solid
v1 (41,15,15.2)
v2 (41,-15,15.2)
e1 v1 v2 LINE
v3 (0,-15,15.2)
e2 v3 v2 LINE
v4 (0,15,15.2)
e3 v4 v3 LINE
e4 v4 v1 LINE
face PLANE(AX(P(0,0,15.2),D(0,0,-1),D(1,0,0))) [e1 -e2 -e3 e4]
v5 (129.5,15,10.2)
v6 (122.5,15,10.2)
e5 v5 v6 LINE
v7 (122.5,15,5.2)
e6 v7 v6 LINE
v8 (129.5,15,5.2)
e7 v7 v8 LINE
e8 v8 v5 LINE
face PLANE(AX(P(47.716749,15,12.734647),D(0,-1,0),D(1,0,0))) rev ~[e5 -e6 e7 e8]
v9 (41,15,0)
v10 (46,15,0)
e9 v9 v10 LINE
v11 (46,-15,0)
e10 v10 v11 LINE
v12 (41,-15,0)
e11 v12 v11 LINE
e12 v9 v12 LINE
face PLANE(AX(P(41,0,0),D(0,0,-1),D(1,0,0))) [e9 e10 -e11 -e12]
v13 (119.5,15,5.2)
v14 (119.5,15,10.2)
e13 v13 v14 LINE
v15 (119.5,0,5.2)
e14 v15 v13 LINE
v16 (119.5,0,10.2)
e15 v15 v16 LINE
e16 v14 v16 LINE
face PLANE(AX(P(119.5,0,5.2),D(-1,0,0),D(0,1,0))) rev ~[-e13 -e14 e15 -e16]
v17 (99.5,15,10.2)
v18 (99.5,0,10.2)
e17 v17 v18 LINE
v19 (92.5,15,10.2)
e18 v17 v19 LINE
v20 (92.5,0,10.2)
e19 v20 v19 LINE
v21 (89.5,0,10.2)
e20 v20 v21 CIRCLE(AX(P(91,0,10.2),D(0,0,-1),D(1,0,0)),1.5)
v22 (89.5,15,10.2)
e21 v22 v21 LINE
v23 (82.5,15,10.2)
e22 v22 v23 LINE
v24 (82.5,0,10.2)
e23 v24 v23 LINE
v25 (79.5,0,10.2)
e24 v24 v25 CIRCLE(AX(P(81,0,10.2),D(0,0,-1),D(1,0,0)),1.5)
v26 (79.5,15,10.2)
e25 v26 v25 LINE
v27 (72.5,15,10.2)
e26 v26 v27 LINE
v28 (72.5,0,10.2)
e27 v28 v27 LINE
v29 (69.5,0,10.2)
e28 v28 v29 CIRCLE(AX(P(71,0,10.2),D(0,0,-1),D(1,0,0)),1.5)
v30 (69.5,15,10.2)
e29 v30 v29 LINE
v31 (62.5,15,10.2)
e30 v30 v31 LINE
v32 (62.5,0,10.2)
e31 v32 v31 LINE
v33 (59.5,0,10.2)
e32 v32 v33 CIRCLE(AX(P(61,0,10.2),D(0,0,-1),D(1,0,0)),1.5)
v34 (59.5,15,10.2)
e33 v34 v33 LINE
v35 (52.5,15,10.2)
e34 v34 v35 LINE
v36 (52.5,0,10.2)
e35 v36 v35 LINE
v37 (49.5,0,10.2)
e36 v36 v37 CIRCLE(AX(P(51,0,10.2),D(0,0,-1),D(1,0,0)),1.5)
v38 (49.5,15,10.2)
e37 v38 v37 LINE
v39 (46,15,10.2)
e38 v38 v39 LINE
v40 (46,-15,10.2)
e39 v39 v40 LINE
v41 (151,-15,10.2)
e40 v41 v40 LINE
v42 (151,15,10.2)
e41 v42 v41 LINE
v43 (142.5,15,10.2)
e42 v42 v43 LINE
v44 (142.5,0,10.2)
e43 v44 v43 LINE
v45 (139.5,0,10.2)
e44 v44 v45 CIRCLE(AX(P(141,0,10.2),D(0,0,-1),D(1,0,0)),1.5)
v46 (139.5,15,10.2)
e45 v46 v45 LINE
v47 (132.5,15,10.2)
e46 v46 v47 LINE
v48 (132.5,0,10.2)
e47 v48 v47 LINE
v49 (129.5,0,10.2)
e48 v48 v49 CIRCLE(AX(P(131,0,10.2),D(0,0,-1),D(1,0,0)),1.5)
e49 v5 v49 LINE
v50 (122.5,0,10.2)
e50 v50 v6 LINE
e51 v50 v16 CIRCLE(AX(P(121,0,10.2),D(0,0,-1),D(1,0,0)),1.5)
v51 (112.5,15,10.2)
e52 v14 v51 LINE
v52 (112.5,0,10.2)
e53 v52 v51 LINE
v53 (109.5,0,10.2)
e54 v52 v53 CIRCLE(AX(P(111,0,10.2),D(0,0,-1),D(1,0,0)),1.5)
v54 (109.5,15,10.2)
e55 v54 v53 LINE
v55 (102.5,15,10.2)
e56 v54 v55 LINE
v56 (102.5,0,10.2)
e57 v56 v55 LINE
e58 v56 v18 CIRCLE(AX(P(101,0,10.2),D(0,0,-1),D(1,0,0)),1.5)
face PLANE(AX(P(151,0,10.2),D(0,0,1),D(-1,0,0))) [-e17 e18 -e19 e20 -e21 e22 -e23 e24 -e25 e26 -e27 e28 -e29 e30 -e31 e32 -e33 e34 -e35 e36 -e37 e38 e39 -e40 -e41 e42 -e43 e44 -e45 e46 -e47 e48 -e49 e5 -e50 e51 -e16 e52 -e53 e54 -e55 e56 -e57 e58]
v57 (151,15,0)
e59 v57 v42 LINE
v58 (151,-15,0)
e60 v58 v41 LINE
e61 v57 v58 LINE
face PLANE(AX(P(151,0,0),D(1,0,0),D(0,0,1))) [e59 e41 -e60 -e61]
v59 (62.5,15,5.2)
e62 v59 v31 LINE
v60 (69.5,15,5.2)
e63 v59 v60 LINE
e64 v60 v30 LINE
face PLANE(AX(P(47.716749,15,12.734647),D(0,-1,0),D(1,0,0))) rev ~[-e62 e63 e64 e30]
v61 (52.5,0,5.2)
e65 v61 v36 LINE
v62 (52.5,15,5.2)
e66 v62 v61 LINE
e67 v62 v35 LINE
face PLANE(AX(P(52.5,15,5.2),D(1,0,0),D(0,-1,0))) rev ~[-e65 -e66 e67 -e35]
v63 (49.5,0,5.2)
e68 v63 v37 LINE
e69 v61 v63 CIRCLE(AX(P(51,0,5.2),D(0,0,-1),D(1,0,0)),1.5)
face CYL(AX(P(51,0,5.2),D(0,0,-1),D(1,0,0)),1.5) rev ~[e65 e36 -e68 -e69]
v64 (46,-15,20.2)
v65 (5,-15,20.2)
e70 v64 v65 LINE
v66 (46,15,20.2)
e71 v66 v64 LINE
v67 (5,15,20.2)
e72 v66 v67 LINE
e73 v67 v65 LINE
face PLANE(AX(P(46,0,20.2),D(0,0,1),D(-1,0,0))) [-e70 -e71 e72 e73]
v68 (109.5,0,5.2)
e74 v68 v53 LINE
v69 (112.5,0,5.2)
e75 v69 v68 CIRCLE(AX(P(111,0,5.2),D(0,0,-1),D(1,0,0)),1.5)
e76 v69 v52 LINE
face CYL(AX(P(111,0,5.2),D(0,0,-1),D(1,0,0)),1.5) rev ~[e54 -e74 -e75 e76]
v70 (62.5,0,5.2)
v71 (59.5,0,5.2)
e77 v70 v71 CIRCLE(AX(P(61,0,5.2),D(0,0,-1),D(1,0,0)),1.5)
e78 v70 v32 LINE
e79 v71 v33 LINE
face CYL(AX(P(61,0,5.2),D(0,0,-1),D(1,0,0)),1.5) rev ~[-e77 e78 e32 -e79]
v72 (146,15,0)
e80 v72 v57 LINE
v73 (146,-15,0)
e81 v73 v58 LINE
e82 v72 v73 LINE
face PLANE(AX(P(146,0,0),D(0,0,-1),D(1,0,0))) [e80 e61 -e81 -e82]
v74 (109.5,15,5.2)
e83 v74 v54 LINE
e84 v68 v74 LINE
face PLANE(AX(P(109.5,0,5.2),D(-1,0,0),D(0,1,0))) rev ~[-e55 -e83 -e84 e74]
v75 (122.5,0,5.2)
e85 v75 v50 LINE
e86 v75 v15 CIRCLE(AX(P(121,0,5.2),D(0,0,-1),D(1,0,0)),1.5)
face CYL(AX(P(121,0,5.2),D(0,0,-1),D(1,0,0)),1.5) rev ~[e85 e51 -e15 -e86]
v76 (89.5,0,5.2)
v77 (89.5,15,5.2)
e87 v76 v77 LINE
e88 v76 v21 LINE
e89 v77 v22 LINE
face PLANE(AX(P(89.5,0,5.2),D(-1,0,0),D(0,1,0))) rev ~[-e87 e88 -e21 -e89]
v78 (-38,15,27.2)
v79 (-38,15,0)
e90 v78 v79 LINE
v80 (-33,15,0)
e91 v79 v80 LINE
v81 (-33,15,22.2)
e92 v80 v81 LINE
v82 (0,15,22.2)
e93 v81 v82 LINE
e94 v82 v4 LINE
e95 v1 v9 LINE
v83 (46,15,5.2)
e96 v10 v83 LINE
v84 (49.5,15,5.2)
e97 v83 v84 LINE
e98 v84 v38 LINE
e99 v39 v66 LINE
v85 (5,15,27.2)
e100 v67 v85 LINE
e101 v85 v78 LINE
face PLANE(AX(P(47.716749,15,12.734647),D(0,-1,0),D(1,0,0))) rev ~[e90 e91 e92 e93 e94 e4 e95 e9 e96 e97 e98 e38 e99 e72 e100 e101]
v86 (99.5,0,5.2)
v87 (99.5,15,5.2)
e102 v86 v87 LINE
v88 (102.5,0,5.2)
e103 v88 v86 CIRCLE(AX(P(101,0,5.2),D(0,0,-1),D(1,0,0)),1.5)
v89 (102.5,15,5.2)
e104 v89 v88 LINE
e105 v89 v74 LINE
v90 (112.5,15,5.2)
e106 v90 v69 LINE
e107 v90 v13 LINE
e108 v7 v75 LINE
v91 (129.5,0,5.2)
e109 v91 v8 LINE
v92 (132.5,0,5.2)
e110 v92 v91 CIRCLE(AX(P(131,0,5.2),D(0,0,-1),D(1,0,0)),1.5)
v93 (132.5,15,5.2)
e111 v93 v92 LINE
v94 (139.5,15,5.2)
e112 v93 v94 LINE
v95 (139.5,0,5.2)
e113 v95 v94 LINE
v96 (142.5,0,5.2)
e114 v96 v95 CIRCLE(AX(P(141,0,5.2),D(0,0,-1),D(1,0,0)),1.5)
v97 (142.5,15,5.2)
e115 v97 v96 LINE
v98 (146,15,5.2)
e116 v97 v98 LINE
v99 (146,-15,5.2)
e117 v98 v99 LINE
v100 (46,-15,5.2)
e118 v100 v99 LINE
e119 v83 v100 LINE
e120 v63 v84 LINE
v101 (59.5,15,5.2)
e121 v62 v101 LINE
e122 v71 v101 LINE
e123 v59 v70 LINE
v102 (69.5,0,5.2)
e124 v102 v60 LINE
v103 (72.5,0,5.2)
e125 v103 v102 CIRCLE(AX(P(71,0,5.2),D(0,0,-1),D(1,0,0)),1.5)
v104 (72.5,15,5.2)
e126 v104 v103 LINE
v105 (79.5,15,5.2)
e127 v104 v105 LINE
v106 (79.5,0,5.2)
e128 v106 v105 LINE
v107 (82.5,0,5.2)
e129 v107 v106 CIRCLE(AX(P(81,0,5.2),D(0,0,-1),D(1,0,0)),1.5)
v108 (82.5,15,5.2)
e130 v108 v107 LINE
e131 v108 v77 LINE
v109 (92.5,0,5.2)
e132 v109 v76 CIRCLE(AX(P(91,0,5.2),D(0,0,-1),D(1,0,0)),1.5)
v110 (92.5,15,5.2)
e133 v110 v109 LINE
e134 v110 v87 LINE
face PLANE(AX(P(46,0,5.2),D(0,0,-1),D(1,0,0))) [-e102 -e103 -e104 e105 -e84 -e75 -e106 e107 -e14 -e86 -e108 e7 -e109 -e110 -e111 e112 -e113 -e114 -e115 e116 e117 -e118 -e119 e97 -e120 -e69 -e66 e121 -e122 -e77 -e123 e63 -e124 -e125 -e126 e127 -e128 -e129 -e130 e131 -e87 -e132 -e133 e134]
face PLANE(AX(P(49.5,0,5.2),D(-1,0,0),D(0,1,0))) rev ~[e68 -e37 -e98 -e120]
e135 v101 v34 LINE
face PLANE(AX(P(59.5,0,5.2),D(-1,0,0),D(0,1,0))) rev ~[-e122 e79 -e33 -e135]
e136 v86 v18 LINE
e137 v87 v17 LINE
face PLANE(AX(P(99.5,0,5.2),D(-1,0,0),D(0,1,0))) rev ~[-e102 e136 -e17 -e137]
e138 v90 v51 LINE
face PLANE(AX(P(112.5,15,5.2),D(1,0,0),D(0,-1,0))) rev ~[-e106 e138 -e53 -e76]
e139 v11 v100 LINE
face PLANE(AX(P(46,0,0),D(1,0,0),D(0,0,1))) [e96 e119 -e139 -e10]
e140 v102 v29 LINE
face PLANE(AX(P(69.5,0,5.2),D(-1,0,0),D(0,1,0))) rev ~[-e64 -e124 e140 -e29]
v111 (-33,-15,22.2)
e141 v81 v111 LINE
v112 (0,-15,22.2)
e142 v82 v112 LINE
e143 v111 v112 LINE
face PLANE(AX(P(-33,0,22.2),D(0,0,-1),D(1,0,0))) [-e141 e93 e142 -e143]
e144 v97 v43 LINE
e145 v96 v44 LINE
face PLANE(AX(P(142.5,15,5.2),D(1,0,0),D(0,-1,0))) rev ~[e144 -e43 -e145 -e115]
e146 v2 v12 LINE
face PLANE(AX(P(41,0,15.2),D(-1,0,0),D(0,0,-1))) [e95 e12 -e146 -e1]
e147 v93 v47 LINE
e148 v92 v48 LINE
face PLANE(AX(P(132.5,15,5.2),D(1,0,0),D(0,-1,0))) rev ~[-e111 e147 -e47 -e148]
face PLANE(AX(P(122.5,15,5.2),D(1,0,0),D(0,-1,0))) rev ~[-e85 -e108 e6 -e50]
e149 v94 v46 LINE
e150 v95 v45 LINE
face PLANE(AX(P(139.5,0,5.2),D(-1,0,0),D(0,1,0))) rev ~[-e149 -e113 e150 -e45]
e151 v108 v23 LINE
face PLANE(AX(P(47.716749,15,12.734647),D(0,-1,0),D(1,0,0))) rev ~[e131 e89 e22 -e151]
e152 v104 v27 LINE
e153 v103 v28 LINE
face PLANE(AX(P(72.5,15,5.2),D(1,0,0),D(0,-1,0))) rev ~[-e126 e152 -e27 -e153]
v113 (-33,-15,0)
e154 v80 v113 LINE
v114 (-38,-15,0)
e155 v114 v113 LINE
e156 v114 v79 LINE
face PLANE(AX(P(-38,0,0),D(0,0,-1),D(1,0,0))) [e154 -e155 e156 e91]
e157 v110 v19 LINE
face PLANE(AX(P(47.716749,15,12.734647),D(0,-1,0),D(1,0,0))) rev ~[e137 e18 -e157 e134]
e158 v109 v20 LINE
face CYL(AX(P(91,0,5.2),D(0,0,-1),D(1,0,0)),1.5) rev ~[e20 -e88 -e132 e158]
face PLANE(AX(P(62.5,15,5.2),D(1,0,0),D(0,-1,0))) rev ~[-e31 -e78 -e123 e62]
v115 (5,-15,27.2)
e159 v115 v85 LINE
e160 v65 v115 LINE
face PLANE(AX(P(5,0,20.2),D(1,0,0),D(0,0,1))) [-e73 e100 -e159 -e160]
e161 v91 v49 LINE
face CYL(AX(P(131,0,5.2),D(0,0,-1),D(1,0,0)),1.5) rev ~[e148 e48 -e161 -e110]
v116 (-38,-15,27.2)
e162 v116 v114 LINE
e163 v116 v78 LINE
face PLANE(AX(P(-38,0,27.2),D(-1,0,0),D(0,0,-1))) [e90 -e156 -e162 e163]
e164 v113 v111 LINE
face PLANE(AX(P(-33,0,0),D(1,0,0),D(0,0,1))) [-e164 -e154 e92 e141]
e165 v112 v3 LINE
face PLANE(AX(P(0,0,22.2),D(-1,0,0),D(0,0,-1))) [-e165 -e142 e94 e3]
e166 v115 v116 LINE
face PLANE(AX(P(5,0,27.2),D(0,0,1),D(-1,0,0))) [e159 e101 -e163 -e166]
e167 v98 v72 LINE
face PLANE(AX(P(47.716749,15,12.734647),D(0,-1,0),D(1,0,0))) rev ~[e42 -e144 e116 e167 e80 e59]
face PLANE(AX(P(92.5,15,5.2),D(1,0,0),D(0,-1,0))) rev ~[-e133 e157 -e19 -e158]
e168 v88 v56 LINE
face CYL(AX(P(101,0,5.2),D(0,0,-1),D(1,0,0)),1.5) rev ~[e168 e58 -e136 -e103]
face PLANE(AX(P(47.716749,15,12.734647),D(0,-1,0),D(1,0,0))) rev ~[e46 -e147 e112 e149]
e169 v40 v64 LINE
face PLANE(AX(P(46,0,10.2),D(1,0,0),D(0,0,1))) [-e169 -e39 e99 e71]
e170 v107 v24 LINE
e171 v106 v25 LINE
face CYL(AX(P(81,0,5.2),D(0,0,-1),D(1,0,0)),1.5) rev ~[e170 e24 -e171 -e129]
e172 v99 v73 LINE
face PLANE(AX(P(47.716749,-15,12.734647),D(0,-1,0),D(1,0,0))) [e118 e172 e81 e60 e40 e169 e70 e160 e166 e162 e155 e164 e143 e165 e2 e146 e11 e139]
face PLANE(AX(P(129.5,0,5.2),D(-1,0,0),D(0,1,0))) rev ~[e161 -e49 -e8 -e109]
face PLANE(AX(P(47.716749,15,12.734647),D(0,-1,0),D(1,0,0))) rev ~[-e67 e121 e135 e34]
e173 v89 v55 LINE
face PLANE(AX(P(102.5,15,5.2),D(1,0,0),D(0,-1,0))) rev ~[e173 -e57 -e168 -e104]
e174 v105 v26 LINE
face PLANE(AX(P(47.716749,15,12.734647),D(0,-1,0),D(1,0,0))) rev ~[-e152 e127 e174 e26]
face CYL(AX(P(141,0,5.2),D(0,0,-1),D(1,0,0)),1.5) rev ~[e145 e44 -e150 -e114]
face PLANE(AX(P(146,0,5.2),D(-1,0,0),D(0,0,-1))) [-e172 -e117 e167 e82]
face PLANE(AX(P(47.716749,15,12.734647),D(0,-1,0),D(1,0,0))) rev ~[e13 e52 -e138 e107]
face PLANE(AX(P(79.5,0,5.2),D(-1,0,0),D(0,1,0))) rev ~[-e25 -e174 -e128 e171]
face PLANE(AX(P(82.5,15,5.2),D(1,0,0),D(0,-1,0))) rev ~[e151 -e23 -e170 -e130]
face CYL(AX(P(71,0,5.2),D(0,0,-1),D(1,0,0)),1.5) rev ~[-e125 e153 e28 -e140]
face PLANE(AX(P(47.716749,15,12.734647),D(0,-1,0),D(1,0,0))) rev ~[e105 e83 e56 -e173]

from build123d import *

# Parameters (mm, degrees)
F1_DEPTH = 15
F3_DEPTH = 25


with BuildPart() as f1:
    # F0 (on Front) → F1 (new body, symmetric)
    with BuildSketch(Plane.XZ):
        Polygon((-38, 0), (-33, 0), (-33, 22.2), (0, 22.2), (0, 15.2), (41, 15.2), (41, 0), (46, 0), (46, 5.2), (146, 5.2), (146, 0), (151, 0), (151, 10.2), (46, 10.2), (46, 20.2), (5, 20.2), (5, 27.2), (-38, 27.2), align=None)
    extrude(amount=F1_DEPTH, both=True)

    # F2 (on face) → F3 (cut)
    with BuildSketch(Plane(origin=(0, 0, 5.2), x_dir=(1, 0, 0), z_dir=(0, 0, -1))):
        with BuildLine():
            ThreePointArc((139.5, 0), (141, -1.5), (142.5, 0))
            ThreePointArc((142.5, 0), (141, 1.5), (139.5, 0))
        make_face()
        with BuildLine():
            Line((142.5, -15), (142.5, 0))
            ThreePointArc((142.5, 0), (141, -1.5), (139.5, 0))
            Line((139.5, 0), (139.5, -15))
            Line((139.5, -15), (142.5, -15))
        make_face()
        with BuildLine():
            ThreePointArc((129.5, 0), (131, -1.5), (132.5, 0))
            ThreePointArc((132.5, 0), (131, 1.5), (129.5, 0))
        make_face()
        with BuildLine():
            Line((132.5, -15), (132.5, 0))
            ThreePointArc((132.5, 0), (131, -1.5), (129.5, 0))
            Line((129.5, 0), (129.5, -15))
            Line((129.5, -15), (132.5, -15))
        make_face()
        with BuildLine():
            ThreePointArc((119.5, 0), (121, -1.5), (122.5, 0))
            ThreePointArc((122.5, 0), (121, 1.5), (119.5, 0))
        make_face()
        with BuildLine():
            Line((122.5, -15), (122.5, 0))
            ThreePointArc((122.5, 0), (121, -1.5), (119.5, 0))
            Line((119.5, 0), (119.5, -15))
            Line((119.5, -15), (122.5, -15))
        make_face()
        with BuildLine():
            ThreePointArc((109.5, 0), (111, -1.5), (112.5, 0))
            ThreePointArc((112.5, 0), (111, 1.5), (109.5, 0))
        make_face()
        with BuildLine():
            Line((112.5, -15), (112.5, 0))
            ThreePointArc((112.5, 0), (111, -1.5), (109.5, 0))
            Line((109.5, 0), (109.5, -15))
            Line((109.5, -15), (112.5, -15))
        make_face()
        with BuildLine():
            ThreePointArc((99.5, 0), (101, -1.5), (102.5, 0))
            ThreePointArc((102.5, 0), (101, 1.5), (99.5, 0))
        make_face()
        with BuildLine():
            Line((102.5, -15), (102.5, 0))
            ThreePointArc((102.5, 0), (101, -1.5), (99.5, 0))
            Line((99.5, 0), (99.5, -15))
            Line((99.5, -15), (102.5, -15))
        make_face()
        with BuildLine():
            ThreePointArc((89.5, 0), (91, -1.5), (92.5, 0))
            ThreePointArc((92.5, 0), (91, 1.5), (89.5, 0))
        make_face()
        with BuildLine():
            Line((92.5, -15), (92.5, 0))
            ThreePointArc((92.5, 0), (91, -1.5), (89.5, 0))
            Line((89.5, 0), (89.5, -15))
            Line((89.5, -15), (92.5, -15))
        make_face()
        with BuildLine():
            ThreePointArc((79.5, 0), (81, -1.5), (82.5, 0))
            ThreePointArc((82.5, 0), (81, 1.5), (79.5, 0))
        make_face()
        with BuildLine():
            Line((82.5, -15), (82.5, 0))
            ThreePointArc((82.5, 0), (81, -1.5), (79.5, 0))
            Line((79.5, 0), (79.5, -15))
            Line((79.5, -15), (82.5, -15))
        make_face()
        with BuildLine():
            ThreePointArc((69.5, 0), (71, -1.5), (72.5, 0))
            ThreePointArc((72.5, 0), (71, 1.5), (69.5, 0))
        make_face()
        with BuildLine():
            Line((72.5, -15), (72.5, 0))
            ThreePointArc((72.5, 0), (71, -1.5), (69.5, 0))
            Line((69.5, 0), (69.5, -15))
            Line((69.5, -15), (72.5, -15))
        make_face()
        with BuildLine():
            ThreePointArc((59.5, 0), (61, -1.5), (62.5, 0))
            ThreePointArc((62.5, 0), (61, 1.5), (59.5, 0))
        make_face()
        with BuildLine():
            Line((62.5, -15), (62.5, 0))
            ThreePointArc((62.5, 0), (61, -1.5), (59.5, 0))
            Line((59.5, 0), (59.5, -15))
            Line((59.5, -15), (62.5, -15))
        make_face()
        with BuildLine():
            ThreePointArc((49.5, 0), (51, -1.5), (52.5, 0))
            ThreePointArc((52.5, 0), (51, 1.5), (49.5, 0))
        make_face()
        with BuildLine():
            Line((52.5, -15), (52.5, 0))
            ThreePointArc((52.5, 0), (51, -1.5), (49.5, 0))
            Line((49.5, 0), (49.5, -15))
            Line((49.5, -15), (52.5, -15))
        make_face()
    extrude(amount=-F3_DEPTH, mode=Mode.SUBTRACT)


solid = f1.part
